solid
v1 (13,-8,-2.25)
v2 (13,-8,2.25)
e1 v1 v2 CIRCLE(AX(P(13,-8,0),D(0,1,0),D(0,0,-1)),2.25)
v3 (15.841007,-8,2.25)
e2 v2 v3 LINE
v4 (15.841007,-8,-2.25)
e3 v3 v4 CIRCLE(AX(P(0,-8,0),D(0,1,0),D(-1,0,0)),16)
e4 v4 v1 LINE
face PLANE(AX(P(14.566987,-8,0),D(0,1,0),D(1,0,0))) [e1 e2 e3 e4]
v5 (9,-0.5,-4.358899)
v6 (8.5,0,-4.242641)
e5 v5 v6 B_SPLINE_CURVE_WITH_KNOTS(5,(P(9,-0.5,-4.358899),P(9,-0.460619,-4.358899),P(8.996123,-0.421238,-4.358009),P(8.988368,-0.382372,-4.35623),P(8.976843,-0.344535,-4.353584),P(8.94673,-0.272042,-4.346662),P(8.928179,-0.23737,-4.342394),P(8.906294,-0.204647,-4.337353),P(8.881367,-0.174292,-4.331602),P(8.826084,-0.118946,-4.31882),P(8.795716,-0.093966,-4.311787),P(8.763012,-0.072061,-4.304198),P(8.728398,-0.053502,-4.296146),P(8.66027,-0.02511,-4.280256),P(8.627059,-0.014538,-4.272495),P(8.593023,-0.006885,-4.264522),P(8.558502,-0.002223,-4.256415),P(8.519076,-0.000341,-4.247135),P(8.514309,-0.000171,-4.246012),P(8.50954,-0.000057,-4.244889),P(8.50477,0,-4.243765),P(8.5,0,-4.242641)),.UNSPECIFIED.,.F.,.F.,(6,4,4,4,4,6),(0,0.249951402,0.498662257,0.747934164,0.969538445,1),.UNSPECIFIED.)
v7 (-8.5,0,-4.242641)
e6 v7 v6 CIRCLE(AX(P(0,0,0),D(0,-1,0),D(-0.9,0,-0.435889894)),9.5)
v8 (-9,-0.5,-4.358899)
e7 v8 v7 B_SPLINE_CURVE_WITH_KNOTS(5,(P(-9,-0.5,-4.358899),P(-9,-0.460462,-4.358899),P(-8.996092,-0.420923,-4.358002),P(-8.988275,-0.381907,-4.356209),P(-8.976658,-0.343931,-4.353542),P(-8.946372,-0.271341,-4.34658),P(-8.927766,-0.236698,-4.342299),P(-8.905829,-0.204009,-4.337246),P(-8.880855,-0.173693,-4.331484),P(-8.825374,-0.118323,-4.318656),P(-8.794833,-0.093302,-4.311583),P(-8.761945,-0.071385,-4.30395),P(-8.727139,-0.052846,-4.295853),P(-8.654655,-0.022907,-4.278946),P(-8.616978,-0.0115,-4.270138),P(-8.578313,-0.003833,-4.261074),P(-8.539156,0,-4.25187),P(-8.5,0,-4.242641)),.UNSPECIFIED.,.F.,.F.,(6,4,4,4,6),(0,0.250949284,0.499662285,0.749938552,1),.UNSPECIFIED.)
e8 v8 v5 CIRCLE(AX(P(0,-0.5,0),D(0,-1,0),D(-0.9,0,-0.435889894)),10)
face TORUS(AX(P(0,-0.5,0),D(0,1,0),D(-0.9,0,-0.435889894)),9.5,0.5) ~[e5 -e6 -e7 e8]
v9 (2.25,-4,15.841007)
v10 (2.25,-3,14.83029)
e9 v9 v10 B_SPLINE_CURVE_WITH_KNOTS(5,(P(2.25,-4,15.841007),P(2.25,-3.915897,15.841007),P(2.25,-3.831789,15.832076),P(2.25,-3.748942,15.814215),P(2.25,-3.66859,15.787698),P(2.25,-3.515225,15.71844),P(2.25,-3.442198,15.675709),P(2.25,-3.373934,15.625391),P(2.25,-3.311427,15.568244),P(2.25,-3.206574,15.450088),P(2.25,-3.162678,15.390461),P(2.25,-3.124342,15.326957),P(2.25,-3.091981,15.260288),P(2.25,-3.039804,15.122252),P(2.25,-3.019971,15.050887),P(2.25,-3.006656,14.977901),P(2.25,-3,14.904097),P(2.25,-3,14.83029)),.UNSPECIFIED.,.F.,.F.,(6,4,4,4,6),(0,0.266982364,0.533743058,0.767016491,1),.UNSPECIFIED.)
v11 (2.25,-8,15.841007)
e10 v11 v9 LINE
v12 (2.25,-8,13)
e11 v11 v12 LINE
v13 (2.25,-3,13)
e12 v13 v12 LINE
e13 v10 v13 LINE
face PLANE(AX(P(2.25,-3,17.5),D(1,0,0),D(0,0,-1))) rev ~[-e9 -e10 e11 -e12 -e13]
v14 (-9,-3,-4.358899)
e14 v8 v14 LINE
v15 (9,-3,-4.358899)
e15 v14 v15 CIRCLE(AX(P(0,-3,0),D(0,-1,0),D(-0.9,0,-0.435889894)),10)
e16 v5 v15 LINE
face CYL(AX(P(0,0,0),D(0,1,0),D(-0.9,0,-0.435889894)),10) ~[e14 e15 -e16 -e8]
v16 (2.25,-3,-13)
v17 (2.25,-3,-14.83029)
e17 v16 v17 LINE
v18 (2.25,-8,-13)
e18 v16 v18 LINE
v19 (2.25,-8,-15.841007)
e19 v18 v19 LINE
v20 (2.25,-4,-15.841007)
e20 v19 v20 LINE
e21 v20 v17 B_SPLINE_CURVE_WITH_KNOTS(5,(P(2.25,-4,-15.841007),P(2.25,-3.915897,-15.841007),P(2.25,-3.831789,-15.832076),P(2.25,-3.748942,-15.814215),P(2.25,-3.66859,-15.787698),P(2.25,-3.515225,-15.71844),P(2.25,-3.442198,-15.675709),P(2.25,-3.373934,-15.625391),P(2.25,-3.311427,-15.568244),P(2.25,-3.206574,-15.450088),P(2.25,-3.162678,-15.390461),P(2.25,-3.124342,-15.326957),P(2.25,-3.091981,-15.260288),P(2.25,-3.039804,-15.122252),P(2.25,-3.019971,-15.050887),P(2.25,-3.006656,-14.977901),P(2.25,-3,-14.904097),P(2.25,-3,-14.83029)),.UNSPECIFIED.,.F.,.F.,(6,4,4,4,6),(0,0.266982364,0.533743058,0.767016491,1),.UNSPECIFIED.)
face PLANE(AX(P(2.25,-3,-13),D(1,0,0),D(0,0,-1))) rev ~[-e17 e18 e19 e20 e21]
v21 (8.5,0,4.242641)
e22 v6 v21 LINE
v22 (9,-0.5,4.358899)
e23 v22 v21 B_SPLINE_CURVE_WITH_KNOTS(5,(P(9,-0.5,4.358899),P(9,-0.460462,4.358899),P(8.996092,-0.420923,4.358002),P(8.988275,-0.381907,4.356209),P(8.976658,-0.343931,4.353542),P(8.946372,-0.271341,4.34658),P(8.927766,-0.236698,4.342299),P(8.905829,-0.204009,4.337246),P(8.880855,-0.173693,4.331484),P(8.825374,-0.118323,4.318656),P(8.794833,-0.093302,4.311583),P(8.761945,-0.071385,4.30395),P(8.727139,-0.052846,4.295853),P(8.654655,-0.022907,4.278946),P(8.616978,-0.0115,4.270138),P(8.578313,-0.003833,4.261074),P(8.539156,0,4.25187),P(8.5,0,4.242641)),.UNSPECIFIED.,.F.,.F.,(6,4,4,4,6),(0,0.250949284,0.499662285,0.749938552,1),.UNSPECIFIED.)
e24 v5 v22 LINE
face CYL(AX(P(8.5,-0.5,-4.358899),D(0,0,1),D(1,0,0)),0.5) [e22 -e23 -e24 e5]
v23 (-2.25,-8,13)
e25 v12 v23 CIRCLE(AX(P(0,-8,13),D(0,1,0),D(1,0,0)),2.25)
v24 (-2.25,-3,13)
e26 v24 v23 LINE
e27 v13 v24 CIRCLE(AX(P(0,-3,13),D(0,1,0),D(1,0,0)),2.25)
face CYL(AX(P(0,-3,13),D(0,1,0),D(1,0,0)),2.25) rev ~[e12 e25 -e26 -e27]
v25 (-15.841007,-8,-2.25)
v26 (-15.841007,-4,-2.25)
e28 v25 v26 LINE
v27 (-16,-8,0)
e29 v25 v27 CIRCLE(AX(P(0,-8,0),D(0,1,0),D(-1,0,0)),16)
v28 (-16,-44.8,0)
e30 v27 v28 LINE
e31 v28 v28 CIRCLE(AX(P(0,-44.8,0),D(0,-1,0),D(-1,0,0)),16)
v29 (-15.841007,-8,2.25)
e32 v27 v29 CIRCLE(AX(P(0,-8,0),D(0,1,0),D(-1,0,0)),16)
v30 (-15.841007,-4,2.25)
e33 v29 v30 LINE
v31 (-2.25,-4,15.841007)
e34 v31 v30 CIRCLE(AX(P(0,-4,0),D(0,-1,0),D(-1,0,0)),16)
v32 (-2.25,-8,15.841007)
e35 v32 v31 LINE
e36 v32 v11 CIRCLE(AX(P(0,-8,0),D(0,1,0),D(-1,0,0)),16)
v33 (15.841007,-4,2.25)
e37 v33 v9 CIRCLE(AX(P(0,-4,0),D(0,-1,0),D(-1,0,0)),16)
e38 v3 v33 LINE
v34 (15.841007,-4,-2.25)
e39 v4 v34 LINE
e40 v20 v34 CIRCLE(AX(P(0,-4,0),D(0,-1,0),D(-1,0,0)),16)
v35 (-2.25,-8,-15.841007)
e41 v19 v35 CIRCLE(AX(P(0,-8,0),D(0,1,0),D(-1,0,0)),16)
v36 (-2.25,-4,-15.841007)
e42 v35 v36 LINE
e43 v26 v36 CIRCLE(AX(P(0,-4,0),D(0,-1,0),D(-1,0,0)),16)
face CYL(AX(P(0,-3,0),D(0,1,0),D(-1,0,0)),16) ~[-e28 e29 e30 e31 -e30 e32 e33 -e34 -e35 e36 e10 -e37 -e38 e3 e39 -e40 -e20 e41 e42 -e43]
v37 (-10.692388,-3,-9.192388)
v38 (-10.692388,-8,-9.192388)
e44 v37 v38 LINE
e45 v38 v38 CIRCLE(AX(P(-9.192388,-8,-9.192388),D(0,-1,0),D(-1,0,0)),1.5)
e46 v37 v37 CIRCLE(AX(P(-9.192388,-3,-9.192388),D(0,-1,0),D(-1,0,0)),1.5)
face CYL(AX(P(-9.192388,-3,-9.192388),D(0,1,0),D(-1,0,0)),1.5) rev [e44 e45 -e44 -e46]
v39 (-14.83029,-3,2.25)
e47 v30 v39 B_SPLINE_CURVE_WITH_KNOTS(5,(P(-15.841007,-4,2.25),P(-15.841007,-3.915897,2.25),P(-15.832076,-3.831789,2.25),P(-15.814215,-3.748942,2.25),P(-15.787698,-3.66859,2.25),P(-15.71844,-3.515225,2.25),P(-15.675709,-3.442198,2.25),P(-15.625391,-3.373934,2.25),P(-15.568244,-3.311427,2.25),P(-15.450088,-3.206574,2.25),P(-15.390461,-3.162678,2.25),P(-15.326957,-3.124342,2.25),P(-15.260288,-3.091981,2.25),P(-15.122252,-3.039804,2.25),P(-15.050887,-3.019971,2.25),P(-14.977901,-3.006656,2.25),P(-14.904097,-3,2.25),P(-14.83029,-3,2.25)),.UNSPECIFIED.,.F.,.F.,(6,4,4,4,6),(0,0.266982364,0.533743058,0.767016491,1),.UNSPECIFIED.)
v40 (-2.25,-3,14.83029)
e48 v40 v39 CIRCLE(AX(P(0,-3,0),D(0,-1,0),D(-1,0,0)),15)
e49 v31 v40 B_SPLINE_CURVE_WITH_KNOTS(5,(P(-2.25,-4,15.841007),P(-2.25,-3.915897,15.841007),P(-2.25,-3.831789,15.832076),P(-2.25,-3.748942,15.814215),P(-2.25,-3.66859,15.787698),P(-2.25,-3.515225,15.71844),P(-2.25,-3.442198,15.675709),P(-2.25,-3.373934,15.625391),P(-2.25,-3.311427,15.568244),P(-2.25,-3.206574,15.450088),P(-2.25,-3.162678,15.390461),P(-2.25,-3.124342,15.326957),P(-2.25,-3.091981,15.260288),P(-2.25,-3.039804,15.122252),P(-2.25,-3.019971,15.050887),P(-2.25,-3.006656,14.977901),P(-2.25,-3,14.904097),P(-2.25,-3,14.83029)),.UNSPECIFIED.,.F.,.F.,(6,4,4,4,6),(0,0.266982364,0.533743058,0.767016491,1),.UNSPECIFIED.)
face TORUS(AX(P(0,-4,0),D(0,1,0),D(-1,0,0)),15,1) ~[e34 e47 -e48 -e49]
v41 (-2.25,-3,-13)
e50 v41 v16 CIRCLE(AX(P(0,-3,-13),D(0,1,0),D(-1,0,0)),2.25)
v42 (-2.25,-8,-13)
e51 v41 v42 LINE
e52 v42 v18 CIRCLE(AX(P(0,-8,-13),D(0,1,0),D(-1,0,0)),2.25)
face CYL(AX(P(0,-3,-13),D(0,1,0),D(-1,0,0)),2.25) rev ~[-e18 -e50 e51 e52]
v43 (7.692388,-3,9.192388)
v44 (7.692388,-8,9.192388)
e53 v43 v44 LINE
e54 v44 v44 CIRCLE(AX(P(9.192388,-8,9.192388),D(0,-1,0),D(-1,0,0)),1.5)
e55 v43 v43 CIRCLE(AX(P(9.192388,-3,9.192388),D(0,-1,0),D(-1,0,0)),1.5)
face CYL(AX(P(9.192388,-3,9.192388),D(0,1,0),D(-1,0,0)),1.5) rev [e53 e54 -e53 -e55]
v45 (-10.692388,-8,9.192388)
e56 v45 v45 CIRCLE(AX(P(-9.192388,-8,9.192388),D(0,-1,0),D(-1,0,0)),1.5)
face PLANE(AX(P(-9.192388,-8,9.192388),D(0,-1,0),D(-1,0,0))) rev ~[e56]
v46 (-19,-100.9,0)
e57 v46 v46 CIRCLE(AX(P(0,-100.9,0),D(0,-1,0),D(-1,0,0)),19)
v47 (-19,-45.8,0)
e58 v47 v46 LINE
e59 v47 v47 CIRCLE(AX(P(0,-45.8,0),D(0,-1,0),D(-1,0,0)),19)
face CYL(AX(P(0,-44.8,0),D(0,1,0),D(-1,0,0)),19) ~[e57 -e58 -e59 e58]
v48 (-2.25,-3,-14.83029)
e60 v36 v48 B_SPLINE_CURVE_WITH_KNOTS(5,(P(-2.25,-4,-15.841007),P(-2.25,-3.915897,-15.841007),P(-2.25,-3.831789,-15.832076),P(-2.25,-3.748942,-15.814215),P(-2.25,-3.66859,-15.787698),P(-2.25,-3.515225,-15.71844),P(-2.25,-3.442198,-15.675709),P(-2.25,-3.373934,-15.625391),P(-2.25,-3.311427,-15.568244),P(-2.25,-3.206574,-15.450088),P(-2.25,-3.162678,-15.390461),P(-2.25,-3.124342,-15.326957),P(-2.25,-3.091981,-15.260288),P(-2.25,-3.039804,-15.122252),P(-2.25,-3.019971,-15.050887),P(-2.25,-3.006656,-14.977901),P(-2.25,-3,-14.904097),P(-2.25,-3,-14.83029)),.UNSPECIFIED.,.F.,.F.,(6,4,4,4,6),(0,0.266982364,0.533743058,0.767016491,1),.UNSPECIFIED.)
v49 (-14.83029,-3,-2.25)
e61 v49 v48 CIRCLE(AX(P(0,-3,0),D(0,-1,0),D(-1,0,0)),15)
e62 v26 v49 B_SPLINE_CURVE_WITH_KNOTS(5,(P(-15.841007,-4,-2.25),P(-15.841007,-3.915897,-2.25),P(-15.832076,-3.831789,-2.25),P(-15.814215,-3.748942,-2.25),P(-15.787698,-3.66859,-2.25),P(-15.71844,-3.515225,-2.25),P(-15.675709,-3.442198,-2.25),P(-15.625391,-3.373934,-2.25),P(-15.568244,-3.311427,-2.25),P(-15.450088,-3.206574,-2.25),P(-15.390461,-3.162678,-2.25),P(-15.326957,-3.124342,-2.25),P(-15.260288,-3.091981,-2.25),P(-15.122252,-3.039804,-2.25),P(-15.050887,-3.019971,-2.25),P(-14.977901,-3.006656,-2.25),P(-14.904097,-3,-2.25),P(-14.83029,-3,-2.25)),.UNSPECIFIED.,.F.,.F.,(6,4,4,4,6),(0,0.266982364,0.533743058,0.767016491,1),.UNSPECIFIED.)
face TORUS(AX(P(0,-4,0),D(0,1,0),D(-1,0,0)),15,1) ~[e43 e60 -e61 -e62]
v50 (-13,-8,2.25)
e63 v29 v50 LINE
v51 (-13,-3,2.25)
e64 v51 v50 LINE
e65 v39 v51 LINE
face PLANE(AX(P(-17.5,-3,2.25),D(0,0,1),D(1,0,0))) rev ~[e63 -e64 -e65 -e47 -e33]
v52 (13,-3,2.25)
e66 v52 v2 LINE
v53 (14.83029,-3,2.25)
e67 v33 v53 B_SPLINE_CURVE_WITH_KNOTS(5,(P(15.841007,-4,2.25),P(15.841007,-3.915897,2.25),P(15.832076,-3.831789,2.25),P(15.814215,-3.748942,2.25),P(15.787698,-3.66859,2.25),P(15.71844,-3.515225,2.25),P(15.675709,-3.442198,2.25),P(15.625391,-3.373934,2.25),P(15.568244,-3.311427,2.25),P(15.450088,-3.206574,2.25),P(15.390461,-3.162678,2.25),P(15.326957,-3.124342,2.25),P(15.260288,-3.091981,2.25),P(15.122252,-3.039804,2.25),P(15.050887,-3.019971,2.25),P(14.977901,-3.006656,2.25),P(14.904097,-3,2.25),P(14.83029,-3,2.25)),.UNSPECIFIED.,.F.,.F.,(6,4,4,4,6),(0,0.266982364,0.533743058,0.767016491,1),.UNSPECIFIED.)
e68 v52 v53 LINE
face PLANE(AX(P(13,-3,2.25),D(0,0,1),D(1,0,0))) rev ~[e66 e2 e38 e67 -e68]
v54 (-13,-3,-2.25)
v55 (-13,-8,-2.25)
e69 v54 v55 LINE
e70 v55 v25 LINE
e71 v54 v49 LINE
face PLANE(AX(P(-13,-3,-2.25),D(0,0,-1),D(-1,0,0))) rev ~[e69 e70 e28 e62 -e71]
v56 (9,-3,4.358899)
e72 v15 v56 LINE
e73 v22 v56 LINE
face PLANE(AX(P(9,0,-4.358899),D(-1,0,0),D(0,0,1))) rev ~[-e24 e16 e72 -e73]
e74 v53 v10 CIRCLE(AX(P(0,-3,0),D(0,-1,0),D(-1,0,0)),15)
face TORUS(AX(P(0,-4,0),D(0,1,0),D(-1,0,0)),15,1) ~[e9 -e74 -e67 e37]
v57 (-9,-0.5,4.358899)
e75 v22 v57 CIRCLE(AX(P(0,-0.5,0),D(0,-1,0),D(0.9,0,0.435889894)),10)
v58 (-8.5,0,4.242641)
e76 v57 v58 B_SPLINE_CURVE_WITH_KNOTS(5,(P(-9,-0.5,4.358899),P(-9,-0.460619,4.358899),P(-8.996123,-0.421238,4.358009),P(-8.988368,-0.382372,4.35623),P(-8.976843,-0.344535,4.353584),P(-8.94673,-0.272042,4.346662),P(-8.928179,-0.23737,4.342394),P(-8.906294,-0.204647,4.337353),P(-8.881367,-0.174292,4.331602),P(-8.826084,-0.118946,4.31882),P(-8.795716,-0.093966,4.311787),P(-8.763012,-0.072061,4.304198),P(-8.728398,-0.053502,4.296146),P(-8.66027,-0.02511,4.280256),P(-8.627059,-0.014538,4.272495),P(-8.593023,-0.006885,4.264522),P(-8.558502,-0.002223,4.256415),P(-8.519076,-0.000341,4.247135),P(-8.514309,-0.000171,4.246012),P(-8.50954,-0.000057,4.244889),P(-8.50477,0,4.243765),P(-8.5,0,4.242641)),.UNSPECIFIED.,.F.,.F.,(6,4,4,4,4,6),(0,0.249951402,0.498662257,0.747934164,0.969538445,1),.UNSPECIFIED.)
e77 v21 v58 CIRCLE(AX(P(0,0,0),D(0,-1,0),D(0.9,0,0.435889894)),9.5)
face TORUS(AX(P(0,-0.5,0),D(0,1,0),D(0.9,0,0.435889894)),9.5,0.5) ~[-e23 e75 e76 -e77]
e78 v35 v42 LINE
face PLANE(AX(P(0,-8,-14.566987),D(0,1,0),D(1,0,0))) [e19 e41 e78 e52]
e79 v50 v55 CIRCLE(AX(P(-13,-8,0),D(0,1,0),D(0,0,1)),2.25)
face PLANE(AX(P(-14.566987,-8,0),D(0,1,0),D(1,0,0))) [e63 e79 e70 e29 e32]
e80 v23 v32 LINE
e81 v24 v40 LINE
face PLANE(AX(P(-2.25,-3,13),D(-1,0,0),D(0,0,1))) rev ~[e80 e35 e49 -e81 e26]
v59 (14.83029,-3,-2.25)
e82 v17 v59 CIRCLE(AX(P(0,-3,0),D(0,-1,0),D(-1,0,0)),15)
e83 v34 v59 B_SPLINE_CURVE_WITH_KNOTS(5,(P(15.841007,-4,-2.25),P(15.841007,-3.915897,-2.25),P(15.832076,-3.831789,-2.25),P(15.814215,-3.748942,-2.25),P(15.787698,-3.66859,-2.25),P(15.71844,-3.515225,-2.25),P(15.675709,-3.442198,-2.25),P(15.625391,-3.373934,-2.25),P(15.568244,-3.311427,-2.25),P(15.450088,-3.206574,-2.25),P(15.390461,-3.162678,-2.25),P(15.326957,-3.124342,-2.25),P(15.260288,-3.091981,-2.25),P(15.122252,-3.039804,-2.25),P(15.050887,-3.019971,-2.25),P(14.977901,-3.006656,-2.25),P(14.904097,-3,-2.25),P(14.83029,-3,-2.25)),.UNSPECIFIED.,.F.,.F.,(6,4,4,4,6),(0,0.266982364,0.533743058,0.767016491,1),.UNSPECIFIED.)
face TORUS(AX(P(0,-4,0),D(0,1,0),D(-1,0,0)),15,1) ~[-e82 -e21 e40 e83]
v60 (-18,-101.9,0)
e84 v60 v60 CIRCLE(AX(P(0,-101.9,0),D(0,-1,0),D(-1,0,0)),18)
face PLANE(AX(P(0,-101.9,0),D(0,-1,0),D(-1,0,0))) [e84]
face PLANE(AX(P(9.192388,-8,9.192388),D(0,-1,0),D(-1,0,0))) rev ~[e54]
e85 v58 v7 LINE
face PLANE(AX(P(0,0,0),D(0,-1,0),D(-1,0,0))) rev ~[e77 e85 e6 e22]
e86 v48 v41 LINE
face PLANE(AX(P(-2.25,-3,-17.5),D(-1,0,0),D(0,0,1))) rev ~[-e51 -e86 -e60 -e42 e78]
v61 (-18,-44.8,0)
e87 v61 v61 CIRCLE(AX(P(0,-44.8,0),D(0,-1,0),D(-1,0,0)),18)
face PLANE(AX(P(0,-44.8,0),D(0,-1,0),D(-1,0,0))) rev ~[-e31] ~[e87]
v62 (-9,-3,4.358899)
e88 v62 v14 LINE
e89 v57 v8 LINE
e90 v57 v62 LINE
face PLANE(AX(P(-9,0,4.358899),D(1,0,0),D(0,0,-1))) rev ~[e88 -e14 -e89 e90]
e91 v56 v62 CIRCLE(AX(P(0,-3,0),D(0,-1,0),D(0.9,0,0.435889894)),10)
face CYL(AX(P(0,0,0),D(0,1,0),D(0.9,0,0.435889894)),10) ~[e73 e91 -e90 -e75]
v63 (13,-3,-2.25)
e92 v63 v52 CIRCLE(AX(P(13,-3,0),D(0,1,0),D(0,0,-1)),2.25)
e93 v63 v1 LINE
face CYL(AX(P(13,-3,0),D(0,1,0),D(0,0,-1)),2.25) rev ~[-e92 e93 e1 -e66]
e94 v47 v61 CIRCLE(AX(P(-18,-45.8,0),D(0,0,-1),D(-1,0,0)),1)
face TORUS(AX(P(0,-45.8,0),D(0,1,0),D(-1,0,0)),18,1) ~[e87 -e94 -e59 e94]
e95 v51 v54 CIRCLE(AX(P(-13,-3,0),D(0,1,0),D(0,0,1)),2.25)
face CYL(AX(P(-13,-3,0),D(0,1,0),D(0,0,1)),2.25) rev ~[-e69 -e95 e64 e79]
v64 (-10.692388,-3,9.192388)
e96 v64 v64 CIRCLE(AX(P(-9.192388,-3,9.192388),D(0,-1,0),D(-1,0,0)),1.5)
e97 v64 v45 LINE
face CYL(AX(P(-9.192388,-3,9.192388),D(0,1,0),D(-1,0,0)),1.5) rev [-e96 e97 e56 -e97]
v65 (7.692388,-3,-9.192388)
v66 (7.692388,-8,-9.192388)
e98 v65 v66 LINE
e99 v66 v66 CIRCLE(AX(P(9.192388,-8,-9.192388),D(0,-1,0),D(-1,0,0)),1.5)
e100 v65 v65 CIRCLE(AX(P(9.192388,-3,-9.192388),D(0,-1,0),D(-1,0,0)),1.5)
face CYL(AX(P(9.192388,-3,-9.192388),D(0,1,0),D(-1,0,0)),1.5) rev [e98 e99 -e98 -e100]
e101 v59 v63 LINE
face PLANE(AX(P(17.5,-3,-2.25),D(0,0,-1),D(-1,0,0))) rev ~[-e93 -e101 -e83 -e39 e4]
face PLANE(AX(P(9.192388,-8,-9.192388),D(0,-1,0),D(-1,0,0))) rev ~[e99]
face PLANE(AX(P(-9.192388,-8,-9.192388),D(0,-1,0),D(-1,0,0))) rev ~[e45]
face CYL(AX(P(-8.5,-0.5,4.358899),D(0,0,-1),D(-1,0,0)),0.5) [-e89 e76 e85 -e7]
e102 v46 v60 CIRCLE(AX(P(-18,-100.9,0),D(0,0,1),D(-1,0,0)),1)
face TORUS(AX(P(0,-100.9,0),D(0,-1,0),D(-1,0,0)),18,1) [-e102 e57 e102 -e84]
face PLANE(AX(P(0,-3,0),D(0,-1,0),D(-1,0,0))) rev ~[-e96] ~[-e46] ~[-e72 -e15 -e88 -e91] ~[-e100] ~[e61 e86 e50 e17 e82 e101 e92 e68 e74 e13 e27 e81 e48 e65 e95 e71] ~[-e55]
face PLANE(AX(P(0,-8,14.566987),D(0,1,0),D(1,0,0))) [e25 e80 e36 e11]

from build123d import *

# Parameters (mm, degrees)
BOSS_EXTRUDE3_DEPTH = 3
SKETCH7_R           = 16
BOSS_EXTRUDE4_DEPTH = 41.8
SKETCH8_R           = 19
BOSS_EXTRUDE5_DEPTH = 57.1
FILLET1_R           = 1
FILLET2_R           = 0.5
SKETCH9_R           = 1.5
CUT_EXTRUDE2_DEPTH  = 5
FILLET3_R           = 1


with BuildPart() as part:
    # Sketch5 → Boss-Extrude3 (new body)
    with BuildSketch(Plane(origin=(0, 0, 0), x_dir=(1, 0, 0), z_dir=(0, 1, 0))):
        with BuildLine():
            Line((-9, -4.358898944), (-9, 4.358898944))
            ThreePointArc((-9, 4.358898944), (0, 10), (9, 4.358898944))
            Line((9, 4.358898944), (9, -4.358898944))
            ThreePointArc((9, -4.358898944), (0, -10), (-9, -4.358898944))
        make_face()
    extrude(amount=-BOSS_EXTRUDE3_DEPTH)

    # Sketch7 → Boss-Extrude4 (add)
    with BuildSketch(Plane(origin=(0, -3, 0), x_dir=(-1, 0, 0), z_dir=(0, -1, 0))):
        Circle(SKETCH7_R)
    extrude(amount=BOSS_EXTRUDE4_DEPTH)

    # Sketch8 → Boss-Extrude5 (add)
    with BuildSketch(Plane(origin=(0, -44.8, 0), x_dir=(-1, 0, 0), z_dir=(0, -1, 0))):
        Circle(SKETCH8_R)
    extrude(amount=BOSS_EXTRUDE5_DEPTH)

    # Fillet1
    fillet1_edges = [part.edges().sort_by_distance(p)[0] for p in [
        (16, -3, 0),
        (19, -44.8, 0),
    ]]
    fillet(fillet1_edges, radius=FILLET1_R)

    # Fillet2
    fillet2_edges = [part.edges().sort_by_distance(p)[0] for p in [
        (9, 0, 0),
        (0, 0, 10),
        (-9, 0, 0),
        (0, 0, -10),
    ]]
    fillet(fillet2_edges, radius=FILLET2_R)

    # Sketch9 → Cut-Extrude2 (cut)
    with BuildSketch(Plane(origin=(0, -3, 0), x_dir=(-1, 0, 0), z_dir=(0, -1, 0))):
        with Locations((9.192388155, -9.192388155)):
            Circle(SKETCH9_R)
        with Locations((-9.192388155, -9.192388155)):
            Circle(SKETCH9_R)
        with Locations((-9.192388155, 9.192388155)):
            Circle(SKETCH9_R)
        with Locations((9.192388155, 9.192388155)):
            Circle(SKETCH9_R)
        with BuildLine():
            Line((-17.5, -2.25), (-17.5, 2.25))
            Line((-17.5, 2.25), (-13, 2.25))
            ThreePointArc((-13, 2.25), (-10.75, 0), (-13, -2.25))
            Line((-13, -2.25), (-17.5, -2.25))
        make_face()
        with BuildLine():
            Line((2.25, -17.5), (-2.25, -17.5))
            Line((-2.25, -17.5), (-2.25, -13))
            ThreePointArc((-2.25, -13), (0, -10.75), (2.25, -13))
            Line((2.25, -13), (2.25, -17.5))
        make_face()
        with BuildLine():
            Line((-2.25, 17.5), (2.25, 17.5))
            Line((2.25, 17.5), (2.25, 13))
            ThreePointArc((2.25, 13), (0, 10.75), (-2.25, 13))
            Line((-2.25, 13), (-2.25, 17.5))
        make_face()
        with BuildLine():
            Line((17.5, 2.25), (17.5, -2.25))
            Line((17.5, -2.25), (13, -2.25))
            ThreePointArc((13, -2.25), (10.75, 0), (13, 2.25))
            Line((13, 2.25), (17.5, 2.25))
        make_face()
    extrude(amount=CUT_EXTRUDE2_DEPTH, mode=Mode.SUBTRACT)

    # Fillet3
    fillet3_edges = [part.edges().sort_by_distance(p)[0] for p in [
        (19, -101.9, 0),
    ]]
    fillet(fillet3_edges, radius=FILLET3_R)


solid = part.part
